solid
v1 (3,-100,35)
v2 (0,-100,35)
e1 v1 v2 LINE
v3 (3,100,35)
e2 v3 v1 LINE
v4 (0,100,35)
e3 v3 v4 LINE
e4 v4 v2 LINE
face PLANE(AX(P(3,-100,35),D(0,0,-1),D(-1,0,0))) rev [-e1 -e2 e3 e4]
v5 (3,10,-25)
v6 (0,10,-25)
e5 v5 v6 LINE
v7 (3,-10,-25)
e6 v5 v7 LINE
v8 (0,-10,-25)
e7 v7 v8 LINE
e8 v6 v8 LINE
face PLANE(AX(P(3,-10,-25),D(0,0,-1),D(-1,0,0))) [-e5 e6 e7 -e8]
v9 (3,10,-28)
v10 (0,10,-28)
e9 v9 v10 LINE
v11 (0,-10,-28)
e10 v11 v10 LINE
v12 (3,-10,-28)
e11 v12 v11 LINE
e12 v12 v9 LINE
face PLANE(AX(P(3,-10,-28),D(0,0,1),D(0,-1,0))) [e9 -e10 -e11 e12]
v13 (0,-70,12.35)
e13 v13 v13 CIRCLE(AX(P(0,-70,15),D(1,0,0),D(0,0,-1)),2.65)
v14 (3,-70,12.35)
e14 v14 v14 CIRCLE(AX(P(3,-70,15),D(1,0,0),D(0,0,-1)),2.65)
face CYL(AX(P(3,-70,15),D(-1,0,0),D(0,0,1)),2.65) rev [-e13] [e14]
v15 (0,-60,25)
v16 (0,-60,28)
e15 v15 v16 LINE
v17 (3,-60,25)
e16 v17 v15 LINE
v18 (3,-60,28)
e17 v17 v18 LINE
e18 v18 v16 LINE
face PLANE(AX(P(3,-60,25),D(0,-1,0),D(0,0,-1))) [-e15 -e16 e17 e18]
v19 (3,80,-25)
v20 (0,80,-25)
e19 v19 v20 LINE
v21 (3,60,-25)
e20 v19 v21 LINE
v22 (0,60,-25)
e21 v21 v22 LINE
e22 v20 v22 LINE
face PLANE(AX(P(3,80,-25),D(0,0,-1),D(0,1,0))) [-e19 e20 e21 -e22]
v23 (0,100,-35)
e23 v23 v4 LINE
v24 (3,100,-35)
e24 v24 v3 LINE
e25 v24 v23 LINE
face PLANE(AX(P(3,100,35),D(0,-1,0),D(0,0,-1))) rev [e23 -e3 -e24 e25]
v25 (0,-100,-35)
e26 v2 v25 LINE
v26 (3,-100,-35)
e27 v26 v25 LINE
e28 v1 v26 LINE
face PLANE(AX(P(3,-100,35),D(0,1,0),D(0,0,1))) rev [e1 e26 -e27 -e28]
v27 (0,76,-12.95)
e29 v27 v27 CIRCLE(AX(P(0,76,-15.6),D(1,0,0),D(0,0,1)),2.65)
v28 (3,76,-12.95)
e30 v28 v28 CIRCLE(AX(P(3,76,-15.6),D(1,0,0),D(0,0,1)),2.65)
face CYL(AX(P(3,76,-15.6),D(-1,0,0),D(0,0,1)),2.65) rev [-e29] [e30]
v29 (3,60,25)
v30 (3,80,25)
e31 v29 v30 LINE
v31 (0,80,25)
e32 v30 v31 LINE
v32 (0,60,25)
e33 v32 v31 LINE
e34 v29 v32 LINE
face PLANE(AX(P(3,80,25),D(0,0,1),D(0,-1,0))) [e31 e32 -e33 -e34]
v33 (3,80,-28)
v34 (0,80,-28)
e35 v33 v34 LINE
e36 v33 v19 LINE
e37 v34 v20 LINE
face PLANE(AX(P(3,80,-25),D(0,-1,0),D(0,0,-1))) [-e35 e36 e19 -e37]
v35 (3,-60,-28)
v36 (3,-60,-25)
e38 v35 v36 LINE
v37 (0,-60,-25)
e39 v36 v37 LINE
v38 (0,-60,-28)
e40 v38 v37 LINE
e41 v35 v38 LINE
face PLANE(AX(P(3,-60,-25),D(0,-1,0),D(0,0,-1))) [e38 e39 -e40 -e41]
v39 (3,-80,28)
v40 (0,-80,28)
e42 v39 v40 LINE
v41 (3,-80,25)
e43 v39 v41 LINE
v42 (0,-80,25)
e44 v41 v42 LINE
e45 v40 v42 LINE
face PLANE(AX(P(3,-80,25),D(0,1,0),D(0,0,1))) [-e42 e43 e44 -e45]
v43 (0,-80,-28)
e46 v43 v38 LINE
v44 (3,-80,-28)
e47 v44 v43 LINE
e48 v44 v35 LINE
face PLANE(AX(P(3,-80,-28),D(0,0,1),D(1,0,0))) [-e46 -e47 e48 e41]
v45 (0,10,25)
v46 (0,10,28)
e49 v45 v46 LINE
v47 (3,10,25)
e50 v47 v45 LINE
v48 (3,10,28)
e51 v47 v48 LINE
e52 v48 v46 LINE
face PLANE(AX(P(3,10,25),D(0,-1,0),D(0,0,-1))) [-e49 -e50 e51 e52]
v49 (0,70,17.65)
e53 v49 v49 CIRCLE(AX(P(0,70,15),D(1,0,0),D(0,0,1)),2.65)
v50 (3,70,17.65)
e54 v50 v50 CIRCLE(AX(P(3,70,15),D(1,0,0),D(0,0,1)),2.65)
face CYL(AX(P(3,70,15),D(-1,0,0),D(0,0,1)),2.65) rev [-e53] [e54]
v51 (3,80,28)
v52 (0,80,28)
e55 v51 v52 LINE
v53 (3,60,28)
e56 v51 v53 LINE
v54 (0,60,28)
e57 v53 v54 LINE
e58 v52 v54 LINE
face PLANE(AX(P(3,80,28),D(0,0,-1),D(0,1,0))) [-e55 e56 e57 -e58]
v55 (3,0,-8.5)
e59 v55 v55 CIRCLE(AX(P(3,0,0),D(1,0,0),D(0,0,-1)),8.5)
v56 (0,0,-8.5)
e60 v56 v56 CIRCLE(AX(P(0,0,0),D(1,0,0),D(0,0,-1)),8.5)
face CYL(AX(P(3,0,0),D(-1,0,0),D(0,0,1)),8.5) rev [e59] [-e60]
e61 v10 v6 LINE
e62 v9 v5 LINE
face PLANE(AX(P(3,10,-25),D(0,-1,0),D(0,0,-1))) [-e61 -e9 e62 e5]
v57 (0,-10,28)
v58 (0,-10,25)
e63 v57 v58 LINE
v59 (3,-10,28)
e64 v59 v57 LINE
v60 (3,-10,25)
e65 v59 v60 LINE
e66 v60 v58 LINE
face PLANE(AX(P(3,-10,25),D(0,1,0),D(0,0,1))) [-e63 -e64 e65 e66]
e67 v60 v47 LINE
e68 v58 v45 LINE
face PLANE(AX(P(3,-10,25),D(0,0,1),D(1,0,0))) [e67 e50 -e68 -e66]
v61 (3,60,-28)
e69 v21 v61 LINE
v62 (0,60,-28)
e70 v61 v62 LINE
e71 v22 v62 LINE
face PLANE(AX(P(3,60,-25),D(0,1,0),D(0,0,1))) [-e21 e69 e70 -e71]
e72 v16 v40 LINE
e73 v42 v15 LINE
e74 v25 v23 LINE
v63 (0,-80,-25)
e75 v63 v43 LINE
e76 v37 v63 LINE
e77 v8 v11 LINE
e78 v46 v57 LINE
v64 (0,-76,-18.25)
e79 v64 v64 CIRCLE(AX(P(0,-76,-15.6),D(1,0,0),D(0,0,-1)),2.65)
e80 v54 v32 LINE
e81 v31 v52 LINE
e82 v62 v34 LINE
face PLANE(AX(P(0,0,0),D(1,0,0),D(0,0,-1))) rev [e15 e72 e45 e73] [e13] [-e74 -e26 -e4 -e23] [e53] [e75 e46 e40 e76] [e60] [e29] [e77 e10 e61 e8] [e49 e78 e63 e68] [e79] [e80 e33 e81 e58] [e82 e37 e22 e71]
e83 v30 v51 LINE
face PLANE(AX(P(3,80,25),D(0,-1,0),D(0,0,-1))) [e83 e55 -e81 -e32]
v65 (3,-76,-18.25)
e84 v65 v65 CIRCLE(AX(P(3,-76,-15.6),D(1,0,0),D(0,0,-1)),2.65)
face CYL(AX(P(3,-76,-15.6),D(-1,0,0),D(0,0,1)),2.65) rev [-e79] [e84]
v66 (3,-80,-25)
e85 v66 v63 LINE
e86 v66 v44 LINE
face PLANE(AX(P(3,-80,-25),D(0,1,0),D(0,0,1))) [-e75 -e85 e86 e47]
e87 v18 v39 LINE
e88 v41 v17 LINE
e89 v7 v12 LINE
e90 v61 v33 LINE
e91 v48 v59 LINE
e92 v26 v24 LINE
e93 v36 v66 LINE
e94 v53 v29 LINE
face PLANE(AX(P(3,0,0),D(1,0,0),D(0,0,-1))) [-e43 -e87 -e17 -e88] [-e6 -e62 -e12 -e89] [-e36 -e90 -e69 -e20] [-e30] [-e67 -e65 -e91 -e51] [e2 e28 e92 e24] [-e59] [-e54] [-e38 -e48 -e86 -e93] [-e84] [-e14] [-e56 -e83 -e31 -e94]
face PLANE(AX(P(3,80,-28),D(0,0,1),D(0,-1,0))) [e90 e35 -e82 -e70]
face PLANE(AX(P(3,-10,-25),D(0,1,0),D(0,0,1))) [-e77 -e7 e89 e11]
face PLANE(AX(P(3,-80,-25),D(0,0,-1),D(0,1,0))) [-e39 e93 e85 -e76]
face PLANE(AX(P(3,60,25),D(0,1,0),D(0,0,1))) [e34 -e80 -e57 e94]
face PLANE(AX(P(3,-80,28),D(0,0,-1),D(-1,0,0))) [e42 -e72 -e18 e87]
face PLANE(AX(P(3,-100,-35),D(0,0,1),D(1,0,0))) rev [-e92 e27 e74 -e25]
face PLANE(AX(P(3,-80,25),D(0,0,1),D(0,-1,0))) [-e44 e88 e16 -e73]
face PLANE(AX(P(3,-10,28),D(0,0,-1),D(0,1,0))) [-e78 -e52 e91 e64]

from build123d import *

# Parameters (mm, degrees)
SKETCH1_W           = 200
SKETCH1_H           = 70
SKETCH1_R           = 8.5
SKETCH1_R_2         = 2.65
SKETCH1_W_2         = 20
SKETCH1_H_2         = 3
BOSS_EXTRUDE1_DEPTH = 3


with BuildPart() as part:
    # Sketch1 → Boss-Extrude1 (new body)
    with BuildSketch(Plane.YZ):
        Rectangle(SKETCH1_W, SKETCH1_H)
        with Locations(Location((0, 0, 0), (0, 0, 270))):
            Circle(SKETCH1_R, mode=Mode.SUBTRACT)
        with Locations(Location((-76, -15.6, 0), (0, 0, 270))):
            Circle(SKETCH1_R_2, mode=Mode.SUBTRACT)
        with Locations(Location((76, -15.6, 0), (0, 0, 90))):
            Circle(SKETCH1_R_2, mode=Mode.SUBTRACT)
        with Locations(Location((-70, 15, 0), (0, 0, 270))):
            Circle(SKETCH1_R_2, mode=Mode.SUBTRACT)
        with Locations(Location((70, 15, 0), (0, 0, 90))):
            Circle(SKETCH1_R_2, mode=Mode.SUBTRACT)
        with Locations((-70, -26.5)):
            Rectangle(SKETCH1_W_2, SKETCH1_H_2, mode=Mode.SUBTRACT)
        with Locations((70, -26.5)):
            Rectangle(SKETCH1_W_2, SKETCH1_H_2, mode=Mode.SUBTRACT)
        with Locations((0, -26.5)):
            Rectangle(SKETCH1_W_2, SKETCH1_H_2, mode=Mode.SUBTRACT)
        with Locations((70, 26.5)):
            Rectangle(SKETCH1_W_2, SKETCH1_H_2, mode=Mode.SUBTRACT)
        with Locations((0, 26.5)):
            Rectangle(SKETCH1_W_2, SKETCH1_H_2, mode=Mode.SUBTRACT)
        with Locations((-70, 26.5)):
            Rectangle(SKETCH1_W_2, SKETCH1_H_2, mode=Mode.SUBTRACT)
    extrude(amount=BOSS_EXTRUDE1_DEPTH)


solid = part.part
